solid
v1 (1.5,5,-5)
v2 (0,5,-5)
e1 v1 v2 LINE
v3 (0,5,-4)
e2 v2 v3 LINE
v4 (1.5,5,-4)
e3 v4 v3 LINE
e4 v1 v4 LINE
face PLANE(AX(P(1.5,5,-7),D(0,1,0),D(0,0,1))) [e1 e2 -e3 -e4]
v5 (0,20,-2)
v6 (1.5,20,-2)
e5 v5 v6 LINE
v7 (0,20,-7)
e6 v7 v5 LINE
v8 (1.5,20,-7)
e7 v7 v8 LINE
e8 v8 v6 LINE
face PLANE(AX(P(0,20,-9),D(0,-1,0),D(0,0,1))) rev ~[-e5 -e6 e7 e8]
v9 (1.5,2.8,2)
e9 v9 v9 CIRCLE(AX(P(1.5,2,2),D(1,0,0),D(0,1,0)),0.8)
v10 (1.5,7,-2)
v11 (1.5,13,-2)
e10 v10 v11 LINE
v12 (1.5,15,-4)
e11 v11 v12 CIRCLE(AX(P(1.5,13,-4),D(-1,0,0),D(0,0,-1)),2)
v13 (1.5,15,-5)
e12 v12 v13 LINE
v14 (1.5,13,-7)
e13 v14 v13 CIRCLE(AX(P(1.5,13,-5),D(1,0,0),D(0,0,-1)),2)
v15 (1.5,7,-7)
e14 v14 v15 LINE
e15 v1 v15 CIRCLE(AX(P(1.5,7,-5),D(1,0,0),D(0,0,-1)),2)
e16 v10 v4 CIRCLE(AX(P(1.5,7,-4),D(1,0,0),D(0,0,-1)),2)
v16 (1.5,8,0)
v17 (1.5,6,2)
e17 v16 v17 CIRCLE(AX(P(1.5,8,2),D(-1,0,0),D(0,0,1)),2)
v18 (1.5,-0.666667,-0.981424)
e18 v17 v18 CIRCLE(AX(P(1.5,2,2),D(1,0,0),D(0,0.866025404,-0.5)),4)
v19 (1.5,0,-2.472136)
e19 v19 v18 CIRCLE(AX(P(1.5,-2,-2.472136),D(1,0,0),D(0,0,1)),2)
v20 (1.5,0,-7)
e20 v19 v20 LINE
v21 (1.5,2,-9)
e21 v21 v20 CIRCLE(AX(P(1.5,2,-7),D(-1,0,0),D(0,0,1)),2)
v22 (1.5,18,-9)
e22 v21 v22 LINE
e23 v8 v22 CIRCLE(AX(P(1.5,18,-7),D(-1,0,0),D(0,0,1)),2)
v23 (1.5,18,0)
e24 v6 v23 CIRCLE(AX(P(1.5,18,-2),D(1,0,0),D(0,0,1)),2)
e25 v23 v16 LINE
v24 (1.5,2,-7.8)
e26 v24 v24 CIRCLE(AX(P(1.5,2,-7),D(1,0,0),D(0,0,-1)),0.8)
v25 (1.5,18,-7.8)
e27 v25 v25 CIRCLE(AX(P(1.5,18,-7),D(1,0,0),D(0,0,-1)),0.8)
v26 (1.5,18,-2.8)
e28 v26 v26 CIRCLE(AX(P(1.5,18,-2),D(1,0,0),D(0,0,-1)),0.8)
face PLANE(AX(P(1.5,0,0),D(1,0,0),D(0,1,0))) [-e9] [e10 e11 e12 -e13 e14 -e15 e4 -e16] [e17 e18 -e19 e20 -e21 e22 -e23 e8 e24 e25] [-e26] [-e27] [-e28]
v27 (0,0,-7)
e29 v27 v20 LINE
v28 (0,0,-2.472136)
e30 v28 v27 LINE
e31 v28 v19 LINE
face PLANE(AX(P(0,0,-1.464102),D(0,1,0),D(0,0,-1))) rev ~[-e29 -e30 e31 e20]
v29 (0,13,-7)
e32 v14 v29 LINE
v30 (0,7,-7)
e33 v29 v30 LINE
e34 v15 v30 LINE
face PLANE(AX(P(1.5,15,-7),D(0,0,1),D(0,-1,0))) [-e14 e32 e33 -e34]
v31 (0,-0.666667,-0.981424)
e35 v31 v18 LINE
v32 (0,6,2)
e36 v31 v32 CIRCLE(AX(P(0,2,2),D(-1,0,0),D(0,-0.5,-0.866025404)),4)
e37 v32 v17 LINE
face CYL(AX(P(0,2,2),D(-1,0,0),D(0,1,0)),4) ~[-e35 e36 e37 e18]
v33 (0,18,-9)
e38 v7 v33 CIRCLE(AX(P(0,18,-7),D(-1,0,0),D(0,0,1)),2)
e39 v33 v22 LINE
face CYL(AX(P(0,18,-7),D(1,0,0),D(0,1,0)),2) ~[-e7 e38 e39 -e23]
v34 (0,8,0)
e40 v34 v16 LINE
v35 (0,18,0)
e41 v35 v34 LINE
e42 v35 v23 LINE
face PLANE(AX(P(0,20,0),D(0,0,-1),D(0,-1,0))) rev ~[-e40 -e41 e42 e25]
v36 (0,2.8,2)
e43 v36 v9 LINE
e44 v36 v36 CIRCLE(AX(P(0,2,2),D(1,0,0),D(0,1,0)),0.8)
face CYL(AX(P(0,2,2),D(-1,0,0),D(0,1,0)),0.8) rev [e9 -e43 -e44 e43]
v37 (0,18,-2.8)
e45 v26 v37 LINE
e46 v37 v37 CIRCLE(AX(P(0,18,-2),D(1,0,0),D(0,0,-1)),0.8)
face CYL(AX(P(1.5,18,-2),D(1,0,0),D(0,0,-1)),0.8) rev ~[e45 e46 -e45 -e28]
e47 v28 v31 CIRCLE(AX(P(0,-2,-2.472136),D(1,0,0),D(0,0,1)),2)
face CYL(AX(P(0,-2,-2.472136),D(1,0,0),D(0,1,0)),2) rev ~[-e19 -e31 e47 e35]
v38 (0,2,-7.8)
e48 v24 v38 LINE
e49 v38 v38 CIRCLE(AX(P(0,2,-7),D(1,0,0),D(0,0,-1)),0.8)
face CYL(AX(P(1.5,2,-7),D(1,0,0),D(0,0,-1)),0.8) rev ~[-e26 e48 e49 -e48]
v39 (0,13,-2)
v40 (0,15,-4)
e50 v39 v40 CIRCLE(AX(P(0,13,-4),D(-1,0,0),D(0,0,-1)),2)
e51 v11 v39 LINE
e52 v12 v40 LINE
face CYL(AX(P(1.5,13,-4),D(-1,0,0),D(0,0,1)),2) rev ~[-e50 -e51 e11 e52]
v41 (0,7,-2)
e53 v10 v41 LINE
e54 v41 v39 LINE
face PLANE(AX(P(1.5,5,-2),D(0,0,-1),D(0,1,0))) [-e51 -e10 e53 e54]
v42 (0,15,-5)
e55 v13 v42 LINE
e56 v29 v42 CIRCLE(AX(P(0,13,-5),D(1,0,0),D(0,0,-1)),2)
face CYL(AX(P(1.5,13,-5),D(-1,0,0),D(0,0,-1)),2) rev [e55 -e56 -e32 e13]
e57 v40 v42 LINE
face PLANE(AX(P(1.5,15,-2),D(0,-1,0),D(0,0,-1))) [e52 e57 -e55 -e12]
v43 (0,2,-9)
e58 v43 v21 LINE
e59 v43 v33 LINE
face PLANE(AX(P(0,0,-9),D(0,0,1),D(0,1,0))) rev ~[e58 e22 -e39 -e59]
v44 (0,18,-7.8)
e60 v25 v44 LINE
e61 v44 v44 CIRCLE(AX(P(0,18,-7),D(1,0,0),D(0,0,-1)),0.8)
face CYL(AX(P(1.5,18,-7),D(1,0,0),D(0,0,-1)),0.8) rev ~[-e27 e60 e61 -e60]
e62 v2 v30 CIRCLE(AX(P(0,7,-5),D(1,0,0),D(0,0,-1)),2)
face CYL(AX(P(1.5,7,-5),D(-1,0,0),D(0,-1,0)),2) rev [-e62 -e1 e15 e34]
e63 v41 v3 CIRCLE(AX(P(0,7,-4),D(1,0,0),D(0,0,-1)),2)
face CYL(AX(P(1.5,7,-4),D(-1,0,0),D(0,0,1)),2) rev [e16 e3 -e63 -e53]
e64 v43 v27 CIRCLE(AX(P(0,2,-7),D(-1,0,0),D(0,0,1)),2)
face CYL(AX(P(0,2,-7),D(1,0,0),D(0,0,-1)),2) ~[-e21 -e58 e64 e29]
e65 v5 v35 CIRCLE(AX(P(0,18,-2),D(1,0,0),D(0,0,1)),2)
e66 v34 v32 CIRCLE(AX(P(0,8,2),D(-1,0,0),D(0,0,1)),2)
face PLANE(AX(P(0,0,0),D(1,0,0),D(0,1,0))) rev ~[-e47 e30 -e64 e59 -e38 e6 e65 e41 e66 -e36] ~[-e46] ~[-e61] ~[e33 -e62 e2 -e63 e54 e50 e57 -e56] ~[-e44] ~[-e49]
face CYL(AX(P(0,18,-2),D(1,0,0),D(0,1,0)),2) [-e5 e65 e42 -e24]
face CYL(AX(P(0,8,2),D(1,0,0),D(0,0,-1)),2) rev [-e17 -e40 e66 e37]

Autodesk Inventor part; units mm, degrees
ref_plane "YZ Plane" through (0, 0, 0) normal (1, 0, 0) x (0, 1, 0)
ref_plane "XZ Plane" through (0, 0, 0) normal (0, 1, 0) x (-1, 0, 0)
ref_plane "XY Plane" through (0, 0, 0) normal (0, 0, 1) x (1, 0, 0)
sketch "スケッチ1" plane through (0, 0, 0) normal (1, 0, 0) x (0, 1, 0)
  line L0 (20, 0) -> (0, 0)
  line L1 (0, 0) -> (0, -9)
  line L2 (0, -9) -> (20, -9)
  line L3 (20, -9) -> (20, 0)
  circle A0 centre (2, 2) radius 2
  circle A1 centre (2, 2) radius 0.8
  line L4 (4, 4) -> (0, 4)
  line L5 (0, 4) -> (0, 0)
  line L6 (0, 0) -> (4, 0)
  line L7 (4, 0) -> (4, 4)
  circle A2 centre (2, 2) radius 4
  point P0 (4, 2)
  point P1 (0, 2)
  point P2 (5.4641, 0)
  point P3 (0, -1.4641)
  dimension "d0" = 4
  dimension "d1" = 1.6
  dimension "d2" = 9
  dimension "d3" = 20
  dimension "d12" = 8
extrude "押し出し1" add sketch "スケッチ1" along normal blind 1.5
fillet "フィレット1" radius 2 5 edges at (0.75, 20, 0) (0.75, 20, -9) (0.75, 0, -9) (0.75, 0, -1.4641) (0.75, 5.4641, 0)
sketch "スケッチ2" plane through (1.5, 0, 0) normal (1, 0, 0) x (0, 0, -1)
  circle A0 centre (2, 18) radius 0.8
  circle A1 centre (7, 18) radius 0.8
  circle A2 centre (7, 2) radius 0.8
  arc A3 (9, 18) -> (7, 20) centre (7, 18) ccw projected
  arc A4 (2, 20) -> (0, 18) centre (2, 18) ccw projected
  arc A5 (7, 0) -> (9, 2) centre (7, 2) ccw projected
  line L0 (2, 18) -> (7, 18) construction
  line L1 (7, 18) -> (7, 2) construction
  line L2 (7, 2) -> (2, 2) construction
  line L3 (2, 2) -> (2, 18) construction
  line L4 (2, 15) -> (7, 15)
  line L5 (7, 15) -> (7, 5)
  line L6 (7, 5) -> (2, 5)
  line L7 (2, 5) -> (2, 15)
  point P0 (0, 0)
  dimension "d6" = 1.6
  dimension "d7" = 1.6
  dimension "d8" = 1.6
  dimension "d13" = 3
  dimension "d14" = 3
extrude "押し出し2" cut sketch "スケッチ2" against normal through all
fillet "フィレット2" radius 2 4 edges at (0.75, 15, -2) (0.75, 15, -7) (0.75, 5, -7) (0.75, 5, -2)
properties part number "chest_cover_side_joint"
